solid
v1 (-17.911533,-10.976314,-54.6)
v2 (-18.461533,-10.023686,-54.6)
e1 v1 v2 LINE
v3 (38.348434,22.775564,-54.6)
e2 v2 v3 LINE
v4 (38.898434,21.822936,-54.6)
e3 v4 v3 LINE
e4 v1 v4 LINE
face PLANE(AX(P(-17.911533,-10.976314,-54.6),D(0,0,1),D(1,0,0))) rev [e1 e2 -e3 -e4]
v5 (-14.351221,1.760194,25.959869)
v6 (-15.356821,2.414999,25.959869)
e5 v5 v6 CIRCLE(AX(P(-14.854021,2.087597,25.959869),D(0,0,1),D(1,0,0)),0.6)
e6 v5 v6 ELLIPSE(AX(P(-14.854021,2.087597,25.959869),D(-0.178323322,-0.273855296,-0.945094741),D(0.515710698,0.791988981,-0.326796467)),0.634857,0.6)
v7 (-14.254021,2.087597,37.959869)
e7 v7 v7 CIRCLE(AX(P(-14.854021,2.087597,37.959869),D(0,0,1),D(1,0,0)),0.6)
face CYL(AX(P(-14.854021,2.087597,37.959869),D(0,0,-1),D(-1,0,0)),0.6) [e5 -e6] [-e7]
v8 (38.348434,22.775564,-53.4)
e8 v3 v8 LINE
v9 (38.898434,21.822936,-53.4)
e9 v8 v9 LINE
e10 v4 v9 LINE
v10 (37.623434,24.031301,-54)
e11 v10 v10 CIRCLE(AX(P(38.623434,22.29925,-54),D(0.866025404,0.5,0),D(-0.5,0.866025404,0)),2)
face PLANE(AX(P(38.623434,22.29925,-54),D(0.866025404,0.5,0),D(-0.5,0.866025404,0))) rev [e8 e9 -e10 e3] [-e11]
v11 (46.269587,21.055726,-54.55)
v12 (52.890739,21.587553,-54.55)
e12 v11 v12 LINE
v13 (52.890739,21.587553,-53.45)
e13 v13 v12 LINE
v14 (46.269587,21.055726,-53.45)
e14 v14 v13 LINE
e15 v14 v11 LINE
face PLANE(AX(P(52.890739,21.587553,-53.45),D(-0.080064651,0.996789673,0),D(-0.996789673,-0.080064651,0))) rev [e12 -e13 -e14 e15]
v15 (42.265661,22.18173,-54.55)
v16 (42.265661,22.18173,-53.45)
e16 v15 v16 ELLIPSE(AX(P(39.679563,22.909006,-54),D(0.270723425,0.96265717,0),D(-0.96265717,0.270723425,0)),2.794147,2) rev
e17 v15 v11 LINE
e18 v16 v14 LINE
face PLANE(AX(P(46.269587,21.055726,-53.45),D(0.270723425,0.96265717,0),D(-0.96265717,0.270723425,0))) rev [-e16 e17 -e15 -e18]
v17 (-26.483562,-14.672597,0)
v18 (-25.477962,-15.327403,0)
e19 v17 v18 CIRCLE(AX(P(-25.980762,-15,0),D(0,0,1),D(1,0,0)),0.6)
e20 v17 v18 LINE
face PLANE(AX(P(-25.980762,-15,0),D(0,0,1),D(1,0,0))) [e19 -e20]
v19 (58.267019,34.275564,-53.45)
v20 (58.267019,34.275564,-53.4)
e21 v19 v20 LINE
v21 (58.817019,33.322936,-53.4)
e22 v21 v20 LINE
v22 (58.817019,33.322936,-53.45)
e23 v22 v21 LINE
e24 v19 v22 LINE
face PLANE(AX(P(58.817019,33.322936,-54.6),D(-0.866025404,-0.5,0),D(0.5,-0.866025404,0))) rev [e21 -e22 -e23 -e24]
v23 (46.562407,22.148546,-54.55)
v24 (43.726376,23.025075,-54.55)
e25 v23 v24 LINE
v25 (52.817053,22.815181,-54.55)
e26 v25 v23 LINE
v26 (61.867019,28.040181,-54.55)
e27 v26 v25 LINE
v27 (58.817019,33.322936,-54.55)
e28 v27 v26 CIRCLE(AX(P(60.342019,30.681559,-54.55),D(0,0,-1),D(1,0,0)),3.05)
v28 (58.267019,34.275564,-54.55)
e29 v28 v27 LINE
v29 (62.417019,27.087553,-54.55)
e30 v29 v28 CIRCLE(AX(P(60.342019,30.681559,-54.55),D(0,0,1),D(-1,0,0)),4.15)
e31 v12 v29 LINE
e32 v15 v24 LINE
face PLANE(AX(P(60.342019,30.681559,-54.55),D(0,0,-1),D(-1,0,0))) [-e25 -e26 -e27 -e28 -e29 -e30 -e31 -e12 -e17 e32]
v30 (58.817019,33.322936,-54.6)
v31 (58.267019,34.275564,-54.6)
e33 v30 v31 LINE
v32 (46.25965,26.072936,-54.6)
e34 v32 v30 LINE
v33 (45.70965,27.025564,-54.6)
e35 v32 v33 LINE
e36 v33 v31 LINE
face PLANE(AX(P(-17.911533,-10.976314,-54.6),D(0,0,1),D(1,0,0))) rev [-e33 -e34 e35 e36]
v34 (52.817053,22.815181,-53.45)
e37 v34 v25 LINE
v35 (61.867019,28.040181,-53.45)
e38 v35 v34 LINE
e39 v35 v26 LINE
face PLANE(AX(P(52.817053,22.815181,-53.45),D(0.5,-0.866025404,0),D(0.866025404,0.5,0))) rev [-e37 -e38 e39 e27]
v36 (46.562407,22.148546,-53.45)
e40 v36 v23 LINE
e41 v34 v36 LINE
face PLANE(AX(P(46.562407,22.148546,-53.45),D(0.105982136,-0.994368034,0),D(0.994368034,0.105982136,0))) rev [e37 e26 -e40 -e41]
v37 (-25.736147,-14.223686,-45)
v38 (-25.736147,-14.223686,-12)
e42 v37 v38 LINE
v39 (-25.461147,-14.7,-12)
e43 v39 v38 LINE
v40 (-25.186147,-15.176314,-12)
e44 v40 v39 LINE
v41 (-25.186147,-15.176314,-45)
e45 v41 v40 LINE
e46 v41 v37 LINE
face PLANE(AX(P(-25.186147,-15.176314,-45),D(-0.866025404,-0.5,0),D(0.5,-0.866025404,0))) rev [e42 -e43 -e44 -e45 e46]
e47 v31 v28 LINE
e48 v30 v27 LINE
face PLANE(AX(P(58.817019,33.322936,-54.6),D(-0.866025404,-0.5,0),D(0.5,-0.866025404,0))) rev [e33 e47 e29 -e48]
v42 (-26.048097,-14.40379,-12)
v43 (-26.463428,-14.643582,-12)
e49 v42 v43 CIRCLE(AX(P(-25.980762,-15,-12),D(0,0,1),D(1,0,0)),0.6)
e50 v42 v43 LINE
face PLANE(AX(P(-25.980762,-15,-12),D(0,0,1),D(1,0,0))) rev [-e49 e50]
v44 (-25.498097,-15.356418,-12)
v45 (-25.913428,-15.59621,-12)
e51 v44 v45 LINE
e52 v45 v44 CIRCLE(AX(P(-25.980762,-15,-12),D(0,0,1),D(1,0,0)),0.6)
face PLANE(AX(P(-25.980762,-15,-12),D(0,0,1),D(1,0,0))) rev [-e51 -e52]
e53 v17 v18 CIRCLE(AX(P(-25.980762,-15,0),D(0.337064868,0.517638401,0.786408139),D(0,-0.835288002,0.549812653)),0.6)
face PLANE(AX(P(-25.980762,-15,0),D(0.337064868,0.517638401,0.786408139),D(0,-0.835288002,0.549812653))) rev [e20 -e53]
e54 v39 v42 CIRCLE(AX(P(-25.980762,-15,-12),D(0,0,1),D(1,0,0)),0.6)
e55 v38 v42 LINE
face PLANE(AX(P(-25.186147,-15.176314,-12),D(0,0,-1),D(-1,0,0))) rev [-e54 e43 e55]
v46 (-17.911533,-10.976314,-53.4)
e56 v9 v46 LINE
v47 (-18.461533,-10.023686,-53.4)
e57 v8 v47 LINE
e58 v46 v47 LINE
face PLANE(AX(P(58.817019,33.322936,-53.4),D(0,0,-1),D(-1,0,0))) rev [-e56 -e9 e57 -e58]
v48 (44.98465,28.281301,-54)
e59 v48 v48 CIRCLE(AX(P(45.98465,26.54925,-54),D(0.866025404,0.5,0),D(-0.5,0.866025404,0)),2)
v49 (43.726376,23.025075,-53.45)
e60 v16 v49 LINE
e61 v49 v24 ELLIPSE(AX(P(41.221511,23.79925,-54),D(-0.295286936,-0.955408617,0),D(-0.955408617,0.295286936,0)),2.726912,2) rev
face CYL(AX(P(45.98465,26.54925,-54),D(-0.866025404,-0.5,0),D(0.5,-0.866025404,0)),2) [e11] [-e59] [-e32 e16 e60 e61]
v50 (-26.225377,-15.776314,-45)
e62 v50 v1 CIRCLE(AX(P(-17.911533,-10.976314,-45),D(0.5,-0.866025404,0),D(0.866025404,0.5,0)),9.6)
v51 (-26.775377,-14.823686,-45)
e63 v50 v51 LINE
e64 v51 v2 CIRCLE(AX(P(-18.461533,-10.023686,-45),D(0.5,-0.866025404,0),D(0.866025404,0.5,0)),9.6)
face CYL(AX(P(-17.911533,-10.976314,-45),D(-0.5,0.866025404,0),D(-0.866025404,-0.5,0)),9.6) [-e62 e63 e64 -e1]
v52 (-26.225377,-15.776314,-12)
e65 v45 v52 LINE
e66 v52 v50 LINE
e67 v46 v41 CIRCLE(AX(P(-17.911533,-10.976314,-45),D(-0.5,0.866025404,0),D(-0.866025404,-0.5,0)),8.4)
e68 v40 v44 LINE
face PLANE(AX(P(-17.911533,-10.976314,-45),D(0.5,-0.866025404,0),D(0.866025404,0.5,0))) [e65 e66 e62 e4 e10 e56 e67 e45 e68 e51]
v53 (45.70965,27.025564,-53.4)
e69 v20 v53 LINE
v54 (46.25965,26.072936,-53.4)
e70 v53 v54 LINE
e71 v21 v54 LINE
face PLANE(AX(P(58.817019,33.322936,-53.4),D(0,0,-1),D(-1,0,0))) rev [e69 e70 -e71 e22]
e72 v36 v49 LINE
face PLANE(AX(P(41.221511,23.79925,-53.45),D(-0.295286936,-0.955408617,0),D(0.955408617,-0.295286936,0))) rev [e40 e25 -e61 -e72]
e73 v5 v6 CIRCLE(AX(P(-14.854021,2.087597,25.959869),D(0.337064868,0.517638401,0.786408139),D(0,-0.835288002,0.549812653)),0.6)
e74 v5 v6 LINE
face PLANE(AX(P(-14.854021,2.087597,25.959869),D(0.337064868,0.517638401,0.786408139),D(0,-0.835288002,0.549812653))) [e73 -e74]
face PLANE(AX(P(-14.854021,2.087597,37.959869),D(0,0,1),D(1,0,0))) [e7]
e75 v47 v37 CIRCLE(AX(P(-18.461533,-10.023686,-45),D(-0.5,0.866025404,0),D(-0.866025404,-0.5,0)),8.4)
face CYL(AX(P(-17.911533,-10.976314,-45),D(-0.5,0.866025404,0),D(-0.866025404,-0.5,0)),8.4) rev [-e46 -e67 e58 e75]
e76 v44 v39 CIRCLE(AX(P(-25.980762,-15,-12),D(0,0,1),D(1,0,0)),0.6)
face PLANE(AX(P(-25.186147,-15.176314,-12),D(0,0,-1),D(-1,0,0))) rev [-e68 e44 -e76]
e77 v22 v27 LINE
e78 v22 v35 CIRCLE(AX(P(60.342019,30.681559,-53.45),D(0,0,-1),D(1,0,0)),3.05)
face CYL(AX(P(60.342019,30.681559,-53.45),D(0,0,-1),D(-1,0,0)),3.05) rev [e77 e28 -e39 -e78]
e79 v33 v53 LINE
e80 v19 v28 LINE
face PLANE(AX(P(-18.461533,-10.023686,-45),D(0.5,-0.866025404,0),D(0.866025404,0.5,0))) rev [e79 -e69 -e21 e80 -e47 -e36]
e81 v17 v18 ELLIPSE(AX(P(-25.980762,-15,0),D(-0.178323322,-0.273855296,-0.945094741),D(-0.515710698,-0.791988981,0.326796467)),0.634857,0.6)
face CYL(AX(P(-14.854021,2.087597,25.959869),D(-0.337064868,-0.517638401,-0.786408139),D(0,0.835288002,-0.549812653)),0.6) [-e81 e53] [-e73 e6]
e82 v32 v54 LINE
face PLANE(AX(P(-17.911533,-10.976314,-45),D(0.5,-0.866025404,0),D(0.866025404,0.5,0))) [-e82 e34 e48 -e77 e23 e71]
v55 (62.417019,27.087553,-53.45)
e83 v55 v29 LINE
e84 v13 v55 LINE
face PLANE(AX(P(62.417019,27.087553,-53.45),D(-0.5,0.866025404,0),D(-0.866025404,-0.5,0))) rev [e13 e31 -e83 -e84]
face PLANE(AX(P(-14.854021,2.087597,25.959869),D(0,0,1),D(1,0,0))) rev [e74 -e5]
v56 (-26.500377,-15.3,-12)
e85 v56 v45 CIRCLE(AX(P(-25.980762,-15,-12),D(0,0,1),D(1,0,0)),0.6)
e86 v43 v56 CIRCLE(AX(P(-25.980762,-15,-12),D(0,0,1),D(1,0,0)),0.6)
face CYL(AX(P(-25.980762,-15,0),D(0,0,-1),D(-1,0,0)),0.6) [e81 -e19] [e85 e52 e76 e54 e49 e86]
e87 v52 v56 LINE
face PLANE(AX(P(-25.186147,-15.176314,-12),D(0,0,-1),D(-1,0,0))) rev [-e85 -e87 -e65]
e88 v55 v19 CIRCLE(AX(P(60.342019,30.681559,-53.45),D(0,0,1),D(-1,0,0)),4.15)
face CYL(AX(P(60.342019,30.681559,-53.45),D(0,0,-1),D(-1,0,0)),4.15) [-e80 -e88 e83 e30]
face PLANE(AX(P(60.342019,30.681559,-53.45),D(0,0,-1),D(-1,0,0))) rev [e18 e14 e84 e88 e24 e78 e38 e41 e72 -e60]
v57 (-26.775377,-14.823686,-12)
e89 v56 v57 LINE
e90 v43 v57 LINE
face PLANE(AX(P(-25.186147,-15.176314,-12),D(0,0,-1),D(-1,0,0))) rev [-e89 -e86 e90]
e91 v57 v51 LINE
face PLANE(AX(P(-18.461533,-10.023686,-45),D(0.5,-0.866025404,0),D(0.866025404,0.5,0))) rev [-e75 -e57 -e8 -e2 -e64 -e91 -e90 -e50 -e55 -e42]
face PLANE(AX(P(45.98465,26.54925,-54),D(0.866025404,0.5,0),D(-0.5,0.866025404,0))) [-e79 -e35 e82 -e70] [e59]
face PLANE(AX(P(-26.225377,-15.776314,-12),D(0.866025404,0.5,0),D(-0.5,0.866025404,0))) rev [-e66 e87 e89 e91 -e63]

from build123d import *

# Parameters (mm, degrees)
S01_TENDON_CAPTIVE_TAIL_R                      = 0.6
F_01_TENDON_CAPTIVE_TAIL_DEPTH                 = 12
S02_CROSSED_TENDON_R                           = 0.6
F_02_CROSSED_TENDON_DEPTH                      = 33.010681761
S03_TENDON_THROUGH_REAR_GROMMET_R              = 0.6
F_03_TENDON_THROUGH_REAR_GROMMET_DEPTH         = 12
F_04_START                                     = -0.55
F_04_TENDON_RETURN_DEPTH                       = 1.1
F_05_START                                     = 0.55
F_05_REMOVABLE_BACKED_EYE_AROUND_POLISHE_DEPTH = 1.1
S06_DRESSED_EYE_KNOT_ENVELOPE_R                = 2
F_06_DRESSED_EYE_KNOT_ENVELOPE_DEPTH           = 8.5


with BuildPart() as part:
    # S01 - Tendon captive tail → 01 - Tendon captive tail (new body)
    with BuildSketch(Plane.XY.offset(25.959868809)):
        with Locations((-14.854021031, 2.087596514)):
            Circle(S01_TENDON_CAPTIVE_TAIL_R)
    extrude(amount=F_01_TENDON_CAPTIVE_TAIL_DEPTH)

    # S02 - Crossed tendon → 02 - Crossed tendon (add)
    with BuildSketch(Plane(origin=(-5.56891097, -8.552306823, -12.992860813), x_dir=(0.9414814256928209, -0.18532252929363746, -0.28154623991739347), z_dir=(0.33706486775606503, 0.5176384007444039, 0.7864081389452696))):
        with Locations(Location((-21.680567016, -12.529320029, 0), (0, 0, 152.8840726))):
            Circle(S02_CROSSED_TENDON_R)
    extrude(amount=F_02_CROSSED_TENDON_DEPTH)

    # S03 - Tendon through rear grommet → 03 - Tendon through rear grommet (add)
    with BuildSketch(Plane.XY.offset(-12)):
        with Locations(Location((-25.980762114, -15, 0), (0, 0, 146.929477468))):
            Circle(S03_TENDON_THROUGH_REAR_GROMMET_R)
    extrude(amount=F_03_TENDON_THROUGH_REAR_GROMMET_DEPTH)

    # S04 - Tendon return → 04 - Tendon return (add)
    with BuildSketch(Plane(origin=(0, 0, 0), x_dir=(-0.8660254037844386, -0.5000000000000001, 0), z_dir=(0.5000000000000001, -0.8660254037844386, 0)).offset(F_04_START)):
        with BuildLine():
            Line((30.6, 12), (30.6, 45))
            ThreePointArc((30.6, 45), (27.788225099, 51.788225099), (21, 54.6))
            Line((21, 54.6), (-67.598500564, 54.6))
            Line((-67.598500564, 54.6), (-67.598500564, 53.4))
            Line((-67.598500564, 53.4), (21, 53.4))
            ThreePointArc((21, 53.4), (26.939696962, 50.939696962), (29.4, 45))
            Line((29.4, 45), (29.4, 12))
            Line((29.4, 12), (30.6, 12))
        make_face()
    extrude(amount=F_04_TENDON_RETURN_DEPTH)

    # S05 - Removable backed eye around polished clevis sleeve → 05 - Removable backed eye around polished clevis sleeve (add)
    with BuildSketch(Plane.XY.offset(-54).offset(F_05_START)):
        with BuildLine():
            Line((58.093813666, 34.175564254), (58.267018746, 34.275564254))
            ThreePointArc((58.267018746, 34.275564254), (63.936024172, 32.756558829), (62.417018746, 27.087553403))
            Line((62.417018746, 27.087553403), (52.890739305, 21.587553403))
            Line((52.890739305, 21.587553403), (46.269586882, 21.055725804))
            Line((46.269586882, 21.055725804), (40.755485267, 22.606429959))
            Line((40.755485267, 22.606429959), (41.221510671, 23.799250282))
            Line((41.221510671, 23.799250282), (46.562407205, 22.148546127))
            Line((46.562407205, 22.148546127), (52.817053277, 22.815181347))
            Line((52.817053277, 22.815181347), (61.867018746, 28.040181347))
            ThreePointArc((61.867018746, 28.040181347), (62.983396228, 32.206558829), (58.817018746, 33.32293631))
            Line((58.817018746, 33.32293631), (58.643813666, 33.22293631))
            Line((58.643813666, 33.22293631), (58.093813666, 34.175564254))
        make_face()
    extrude(amount=-F_05_REMOVABLE_BACKED_EYE_AROUND_POLISHE_DEPTH)

    # S06 - Dressed eye knot envelope → 06 - Dressed eye knot envelope (add)
    with BuildSketch(Plane(origin=(38.623434459, 22.299250282, 0), x_dir=(0, 0, -1), z_dir=(0.8660254037844386, 0.5000000000000001, 0))):
        with Locations(Location((54, 0, 0), (0, 0, 90))):
            Circle(S06_DRESSED_EYE_KNOT_ENVELOPE_R)
    extrude(amount=F_06_DRESSED_EYE_KNOT_ENVELOPE_DEPTH)


solid = part.part
